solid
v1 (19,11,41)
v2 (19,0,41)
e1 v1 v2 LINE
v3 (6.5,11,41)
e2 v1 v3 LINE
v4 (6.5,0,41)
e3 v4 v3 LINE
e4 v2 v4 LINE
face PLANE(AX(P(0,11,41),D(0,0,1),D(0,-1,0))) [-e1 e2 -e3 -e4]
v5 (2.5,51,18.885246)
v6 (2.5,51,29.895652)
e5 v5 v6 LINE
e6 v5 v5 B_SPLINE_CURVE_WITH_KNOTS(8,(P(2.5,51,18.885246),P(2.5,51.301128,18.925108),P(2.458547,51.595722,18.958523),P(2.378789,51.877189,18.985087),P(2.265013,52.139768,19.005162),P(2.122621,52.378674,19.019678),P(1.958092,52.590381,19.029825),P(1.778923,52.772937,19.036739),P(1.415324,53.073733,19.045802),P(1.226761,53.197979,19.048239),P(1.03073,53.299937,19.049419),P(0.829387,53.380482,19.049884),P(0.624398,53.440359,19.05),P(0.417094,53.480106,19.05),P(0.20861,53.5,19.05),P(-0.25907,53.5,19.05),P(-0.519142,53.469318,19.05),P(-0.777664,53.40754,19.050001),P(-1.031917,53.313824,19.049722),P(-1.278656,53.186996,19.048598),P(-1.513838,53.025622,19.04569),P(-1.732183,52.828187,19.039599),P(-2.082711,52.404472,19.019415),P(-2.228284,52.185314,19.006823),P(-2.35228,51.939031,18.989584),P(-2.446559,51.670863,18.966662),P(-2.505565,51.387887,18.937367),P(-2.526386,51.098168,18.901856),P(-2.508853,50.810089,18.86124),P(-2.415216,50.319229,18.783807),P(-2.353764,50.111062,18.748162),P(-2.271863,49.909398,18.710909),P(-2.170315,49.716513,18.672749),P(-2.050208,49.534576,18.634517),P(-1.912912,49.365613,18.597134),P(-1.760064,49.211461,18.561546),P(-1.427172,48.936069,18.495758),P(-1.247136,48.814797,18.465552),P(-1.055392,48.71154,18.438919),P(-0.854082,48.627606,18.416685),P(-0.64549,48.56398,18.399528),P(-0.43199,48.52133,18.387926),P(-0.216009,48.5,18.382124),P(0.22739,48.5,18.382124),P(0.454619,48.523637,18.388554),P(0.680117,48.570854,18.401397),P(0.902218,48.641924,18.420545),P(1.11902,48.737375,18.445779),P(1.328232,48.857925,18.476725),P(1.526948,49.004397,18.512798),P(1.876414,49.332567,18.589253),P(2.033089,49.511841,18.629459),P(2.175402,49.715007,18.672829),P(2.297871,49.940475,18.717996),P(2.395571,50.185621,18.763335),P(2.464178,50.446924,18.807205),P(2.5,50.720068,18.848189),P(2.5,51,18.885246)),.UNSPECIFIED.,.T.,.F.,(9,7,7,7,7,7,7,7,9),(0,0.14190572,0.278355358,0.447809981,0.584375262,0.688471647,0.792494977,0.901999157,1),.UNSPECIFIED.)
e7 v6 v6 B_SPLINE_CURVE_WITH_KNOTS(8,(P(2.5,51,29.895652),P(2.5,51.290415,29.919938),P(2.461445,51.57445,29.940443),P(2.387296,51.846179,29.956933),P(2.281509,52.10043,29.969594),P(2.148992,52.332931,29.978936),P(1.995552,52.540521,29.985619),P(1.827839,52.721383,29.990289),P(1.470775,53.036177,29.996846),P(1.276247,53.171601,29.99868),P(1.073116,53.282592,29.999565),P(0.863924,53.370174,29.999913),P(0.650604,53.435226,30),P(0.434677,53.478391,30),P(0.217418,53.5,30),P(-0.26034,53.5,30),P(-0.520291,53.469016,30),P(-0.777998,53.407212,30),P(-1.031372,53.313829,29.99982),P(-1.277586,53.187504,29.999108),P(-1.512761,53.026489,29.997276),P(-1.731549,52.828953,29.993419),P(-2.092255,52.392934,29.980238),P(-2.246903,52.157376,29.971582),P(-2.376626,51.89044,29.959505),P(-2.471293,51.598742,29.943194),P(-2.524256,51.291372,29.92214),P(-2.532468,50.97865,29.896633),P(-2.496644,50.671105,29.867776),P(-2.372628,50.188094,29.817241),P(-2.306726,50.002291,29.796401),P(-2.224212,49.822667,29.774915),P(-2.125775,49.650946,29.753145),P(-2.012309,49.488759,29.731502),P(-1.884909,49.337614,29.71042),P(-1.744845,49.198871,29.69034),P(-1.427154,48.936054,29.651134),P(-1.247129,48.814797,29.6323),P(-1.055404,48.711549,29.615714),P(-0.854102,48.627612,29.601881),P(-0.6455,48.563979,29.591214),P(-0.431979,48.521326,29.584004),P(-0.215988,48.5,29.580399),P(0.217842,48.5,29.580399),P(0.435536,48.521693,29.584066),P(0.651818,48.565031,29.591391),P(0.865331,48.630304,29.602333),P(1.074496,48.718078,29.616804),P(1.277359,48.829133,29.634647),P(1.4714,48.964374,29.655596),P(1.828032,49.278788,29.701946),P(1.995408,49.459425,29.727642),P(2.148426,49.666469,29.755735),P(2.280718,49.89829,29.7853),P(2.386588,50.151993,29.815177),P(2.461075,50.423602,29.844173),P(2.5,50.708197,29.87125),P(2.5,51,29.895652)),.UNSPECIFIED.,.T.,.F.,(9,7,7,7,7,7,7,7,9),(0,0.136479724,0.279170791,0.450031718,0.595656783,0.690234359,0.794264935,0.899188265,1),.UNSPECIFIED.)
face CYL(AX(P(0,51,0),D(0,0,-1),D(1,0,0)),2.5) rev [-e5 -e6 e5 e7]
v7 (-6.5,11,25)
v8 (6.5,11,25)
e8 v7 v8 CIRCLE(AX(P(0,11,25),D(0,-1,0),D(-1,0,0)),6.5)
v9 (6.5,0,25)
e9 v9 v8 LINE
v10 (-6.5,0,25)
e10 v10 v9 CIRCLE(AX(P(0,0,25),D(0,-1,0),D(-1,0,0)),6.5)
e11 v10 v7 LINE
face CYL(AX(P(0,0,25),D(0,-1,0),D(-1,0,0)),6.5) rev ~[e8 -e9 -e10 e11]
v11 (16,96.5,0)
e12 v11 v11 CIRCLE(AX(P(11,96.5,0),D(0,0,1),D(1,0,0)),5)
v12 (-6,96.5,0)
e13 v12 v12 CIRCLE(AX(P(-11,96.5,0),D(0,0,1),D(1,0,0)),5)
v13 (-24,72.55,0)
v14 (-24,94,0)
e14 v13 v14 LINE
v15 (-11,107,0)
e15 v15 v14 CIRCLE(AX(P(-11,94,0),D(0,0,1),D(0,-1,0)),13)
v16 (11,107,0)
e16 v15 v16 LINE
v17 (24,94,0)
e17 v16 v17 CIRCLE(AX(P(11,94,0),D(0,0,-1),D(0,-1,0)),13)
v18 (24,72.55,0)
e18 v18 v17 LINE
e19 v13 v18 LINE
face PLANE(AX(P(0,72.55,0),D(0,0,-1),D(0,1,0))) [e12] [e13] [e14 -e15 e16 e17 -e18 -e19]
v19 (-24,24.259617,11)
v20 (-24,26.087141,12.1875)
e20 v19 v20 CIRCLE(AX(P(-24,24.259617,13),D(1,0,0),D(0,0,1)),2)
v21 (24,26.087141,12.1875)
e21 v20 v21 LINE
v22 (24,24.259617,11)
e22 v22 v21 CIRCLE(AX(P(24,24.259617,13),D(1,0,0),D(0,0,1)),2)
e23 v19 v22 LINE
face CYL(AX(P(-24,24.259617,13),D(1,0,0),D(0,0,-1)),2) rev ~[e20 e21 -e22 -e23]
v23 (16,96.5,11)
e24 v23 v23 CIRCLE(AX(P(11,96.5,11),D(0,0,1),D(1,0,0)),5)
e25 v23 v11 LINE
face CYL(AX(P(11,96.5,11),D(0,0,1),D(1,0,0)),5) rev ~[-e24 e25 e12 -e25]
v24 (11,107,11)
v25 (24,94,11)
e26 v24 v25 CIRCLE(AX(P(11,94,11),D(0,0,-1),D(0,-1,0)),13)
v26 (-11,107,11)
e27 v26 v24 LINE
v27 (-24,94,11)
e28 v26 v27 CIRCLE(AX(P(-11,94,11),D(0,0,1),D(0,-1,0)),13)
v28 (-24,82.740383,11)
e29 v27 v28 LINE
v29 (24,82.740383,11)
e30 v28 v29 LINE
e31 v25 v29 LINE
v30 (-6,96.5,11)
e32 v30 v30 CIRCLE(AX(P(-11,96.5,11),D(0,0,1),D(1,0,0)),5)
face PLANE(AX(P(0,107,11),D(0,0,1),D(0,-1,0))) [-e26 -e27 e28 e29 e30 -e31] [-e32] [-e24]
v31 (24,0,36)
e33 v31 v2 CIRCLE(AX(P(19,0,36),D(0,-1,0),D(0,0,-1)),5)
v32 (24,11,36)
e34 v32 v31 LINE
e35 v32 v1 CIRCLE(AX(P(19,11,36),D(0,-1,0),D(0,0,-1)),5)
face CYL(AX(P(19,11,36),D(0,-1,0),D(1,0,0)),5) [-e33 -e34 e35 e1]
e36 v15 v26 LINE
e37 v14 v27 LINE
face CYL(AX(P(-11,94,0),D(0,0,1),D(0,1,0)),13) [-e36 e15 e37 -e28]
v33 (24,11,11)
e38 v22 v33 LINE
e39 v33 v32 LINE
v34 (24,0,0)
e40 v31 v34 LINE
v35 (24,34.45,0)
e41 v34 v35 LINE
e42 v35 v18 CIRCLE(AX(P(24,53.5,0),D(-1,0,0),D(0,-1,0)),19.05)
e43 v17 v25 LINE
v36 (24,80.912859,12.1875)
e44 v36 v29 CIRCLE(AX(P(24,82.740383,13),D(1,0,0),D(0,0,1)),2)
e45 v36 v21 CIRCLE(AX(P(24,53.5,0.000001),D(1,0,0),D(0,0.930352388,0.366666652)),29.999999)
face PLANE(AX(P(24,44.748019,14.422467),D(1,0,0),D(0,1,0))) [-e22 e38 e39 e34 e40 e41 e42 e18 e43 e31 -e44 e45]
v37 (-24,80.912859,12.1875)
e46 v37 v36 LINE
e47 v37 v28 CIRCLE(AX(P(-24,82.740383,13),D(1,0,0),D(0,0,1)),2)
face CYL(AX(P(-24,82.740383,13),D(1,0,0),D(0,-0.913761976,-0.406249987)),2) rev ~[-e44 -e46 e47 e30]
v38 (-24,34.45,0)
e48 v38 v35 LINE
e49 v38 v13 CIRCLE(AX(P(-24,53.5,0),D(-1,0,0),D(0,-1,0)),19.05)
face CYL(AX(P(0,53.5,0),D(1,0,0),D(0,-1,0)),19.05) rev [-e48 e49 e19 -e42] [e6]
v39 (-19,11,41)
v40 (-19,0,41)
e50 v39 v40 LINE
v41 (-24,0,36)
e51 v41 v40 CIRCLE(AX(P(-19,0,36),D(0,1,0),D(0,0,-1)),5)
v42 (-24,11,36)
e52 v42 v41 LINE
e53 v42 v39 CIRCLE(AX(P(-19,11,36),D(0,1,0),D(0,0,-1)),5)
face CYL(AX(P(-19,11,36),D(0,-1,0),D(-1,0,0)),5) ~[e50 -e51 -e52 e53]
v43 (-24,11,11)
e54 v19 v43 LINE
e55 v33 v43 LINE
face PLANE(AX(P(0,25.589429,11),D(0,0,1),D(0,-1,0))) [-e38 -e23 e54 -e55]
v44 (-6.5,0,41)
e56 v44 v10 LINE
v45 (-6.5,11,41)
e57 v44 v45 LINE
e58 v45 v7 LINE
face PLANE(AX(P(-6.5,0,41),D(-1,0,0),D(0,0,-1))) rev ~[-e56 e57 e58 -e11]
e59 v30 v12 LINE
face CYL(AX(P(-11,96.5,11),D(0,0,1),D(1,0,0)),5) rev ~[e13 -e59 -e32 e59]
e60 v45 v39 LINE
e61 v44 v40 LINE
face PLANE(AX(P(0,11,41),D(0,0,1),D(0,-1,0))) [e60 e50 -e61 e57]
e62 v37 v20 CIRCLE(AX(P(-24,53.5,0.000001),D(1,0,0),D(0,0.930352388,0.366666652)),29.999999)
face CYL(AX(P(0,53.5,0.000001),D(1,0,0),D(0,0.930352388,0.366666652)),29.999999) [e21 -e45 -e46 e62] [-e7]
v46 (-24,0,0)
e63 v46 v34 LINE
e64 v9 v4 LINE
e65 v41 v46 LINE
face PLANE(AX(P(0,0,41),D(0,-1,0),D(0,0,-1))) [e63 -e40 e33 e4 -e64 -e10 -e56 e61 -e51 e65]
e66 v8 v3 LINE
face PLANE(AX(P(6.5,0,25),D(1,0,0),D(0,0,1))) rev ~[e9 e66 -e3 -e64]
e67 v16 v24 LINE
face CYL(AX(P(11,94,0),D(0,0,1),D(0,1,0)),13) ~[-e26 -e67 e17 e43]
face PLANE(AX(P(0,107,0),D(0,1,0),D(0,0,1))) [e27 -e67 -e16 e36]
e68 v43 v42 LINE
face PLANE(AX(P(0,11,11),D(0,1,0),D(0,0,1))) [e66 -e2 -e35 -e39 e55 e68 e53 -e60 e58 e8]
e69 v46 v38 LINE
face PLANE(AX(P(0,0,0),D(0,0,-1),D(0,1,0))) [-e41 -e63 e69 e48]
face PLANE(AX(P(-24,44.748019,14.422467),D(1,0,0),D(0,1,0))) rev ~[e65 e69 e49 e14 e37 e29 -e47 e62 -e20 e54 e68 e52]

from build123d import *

# Parameters (mm, degrees)
F1_DEPTH = 24
F2_R     = 13
F3_R     = 5
F5_DEPTH = 11
F6_R     = 2.5
F7_DEPTH = 41.001
F8_R     = 5
F9_DEPTH = 11.001
F10_R    = 2


with BuildPart() as f1:
    # F0 (on Right) → F1 (new body, symmetric)
    with BuildSketch(Plane.YZ):
        with BuildLine():
            Line((0, 41), (0, 0))
            Line((0, 0), (34.45, 0))
            ThreePointArc((34.45, 0), (53.5, 19.05), (72.55, 0))
            Line((72.55, 0), (107, 0))
            Line((107, 0), (107, 11))
            Line((107, 11), (81.410571, 11))
            ThreePointArc((81.410571, 11), (53.5, 30), (25.589429, 11))
            Line((25.589429, 11), (11, 11))
            Line((11, 11), (11, 41))
            Line((11, 41), (0, 41))
        make_face()
    extrude(amount=F1_DEPTH, both=True)

    # F2
    f2_edges = [f1.edges().sort_by_distance(p)[0] for p in [
        (24, 107, 5.5),
        (-24, 107, 5.5),
    ]]
    fillet(f2_edges, radius=F2_R)

    # F3
    f3_edges = [f1.edges().sort_by_distance(p)[0] for p in [
        (-24, 5.5, 41),
        (24, 5.5, 41),
    ]]
    fillet(f3_edges, radius=F3_R)

    # F4 (on face) → F5 (cut, through all)
    with BuildSketch(Plane.XZ):
        with BuildLine():
            Line((-6.5, 41), (-6.5, 25))
            ThreePointArc((-6.5, 25), (0, 18.5), (6.5, 25))
            Line((6.5, 25), (6.5, 41))
            Line((6.5, 41), (-6.5, 41))
        make_face()
    extrude(amount=-F5_DEPTH, mode=Mode.SUBTRACT)

    # F6 (on Top) → F7 (cut, through all)
    with BuildSketch(Plane.XY):
        with Locations((0, 51)):
            Circle(F6_R)
    extrude(amount=F7_DEPTH, mode=Mode.SUBTRACT)

    # F8 (on face) → F9 (cut, through all)
    with BuildSketch(Plane.XY.offset(11)):
        with Locations((-11, 96.5)):
            Circle(F8_R)
        with Locations((11, 96.5)):
            Circle(F8_R)
    extrude(amount=-F9_DEPTH, mode=Mode.SUBTRACT)

    # F10
    f10_edges = [f1.edges().sort_by_distance(p)[0] for p in [
        (0, 25.589429, 11),
        (0, 81.410571, 11),
    ]]
    fillet(f10_edges, radius=F10_R)


solid = f1.part
